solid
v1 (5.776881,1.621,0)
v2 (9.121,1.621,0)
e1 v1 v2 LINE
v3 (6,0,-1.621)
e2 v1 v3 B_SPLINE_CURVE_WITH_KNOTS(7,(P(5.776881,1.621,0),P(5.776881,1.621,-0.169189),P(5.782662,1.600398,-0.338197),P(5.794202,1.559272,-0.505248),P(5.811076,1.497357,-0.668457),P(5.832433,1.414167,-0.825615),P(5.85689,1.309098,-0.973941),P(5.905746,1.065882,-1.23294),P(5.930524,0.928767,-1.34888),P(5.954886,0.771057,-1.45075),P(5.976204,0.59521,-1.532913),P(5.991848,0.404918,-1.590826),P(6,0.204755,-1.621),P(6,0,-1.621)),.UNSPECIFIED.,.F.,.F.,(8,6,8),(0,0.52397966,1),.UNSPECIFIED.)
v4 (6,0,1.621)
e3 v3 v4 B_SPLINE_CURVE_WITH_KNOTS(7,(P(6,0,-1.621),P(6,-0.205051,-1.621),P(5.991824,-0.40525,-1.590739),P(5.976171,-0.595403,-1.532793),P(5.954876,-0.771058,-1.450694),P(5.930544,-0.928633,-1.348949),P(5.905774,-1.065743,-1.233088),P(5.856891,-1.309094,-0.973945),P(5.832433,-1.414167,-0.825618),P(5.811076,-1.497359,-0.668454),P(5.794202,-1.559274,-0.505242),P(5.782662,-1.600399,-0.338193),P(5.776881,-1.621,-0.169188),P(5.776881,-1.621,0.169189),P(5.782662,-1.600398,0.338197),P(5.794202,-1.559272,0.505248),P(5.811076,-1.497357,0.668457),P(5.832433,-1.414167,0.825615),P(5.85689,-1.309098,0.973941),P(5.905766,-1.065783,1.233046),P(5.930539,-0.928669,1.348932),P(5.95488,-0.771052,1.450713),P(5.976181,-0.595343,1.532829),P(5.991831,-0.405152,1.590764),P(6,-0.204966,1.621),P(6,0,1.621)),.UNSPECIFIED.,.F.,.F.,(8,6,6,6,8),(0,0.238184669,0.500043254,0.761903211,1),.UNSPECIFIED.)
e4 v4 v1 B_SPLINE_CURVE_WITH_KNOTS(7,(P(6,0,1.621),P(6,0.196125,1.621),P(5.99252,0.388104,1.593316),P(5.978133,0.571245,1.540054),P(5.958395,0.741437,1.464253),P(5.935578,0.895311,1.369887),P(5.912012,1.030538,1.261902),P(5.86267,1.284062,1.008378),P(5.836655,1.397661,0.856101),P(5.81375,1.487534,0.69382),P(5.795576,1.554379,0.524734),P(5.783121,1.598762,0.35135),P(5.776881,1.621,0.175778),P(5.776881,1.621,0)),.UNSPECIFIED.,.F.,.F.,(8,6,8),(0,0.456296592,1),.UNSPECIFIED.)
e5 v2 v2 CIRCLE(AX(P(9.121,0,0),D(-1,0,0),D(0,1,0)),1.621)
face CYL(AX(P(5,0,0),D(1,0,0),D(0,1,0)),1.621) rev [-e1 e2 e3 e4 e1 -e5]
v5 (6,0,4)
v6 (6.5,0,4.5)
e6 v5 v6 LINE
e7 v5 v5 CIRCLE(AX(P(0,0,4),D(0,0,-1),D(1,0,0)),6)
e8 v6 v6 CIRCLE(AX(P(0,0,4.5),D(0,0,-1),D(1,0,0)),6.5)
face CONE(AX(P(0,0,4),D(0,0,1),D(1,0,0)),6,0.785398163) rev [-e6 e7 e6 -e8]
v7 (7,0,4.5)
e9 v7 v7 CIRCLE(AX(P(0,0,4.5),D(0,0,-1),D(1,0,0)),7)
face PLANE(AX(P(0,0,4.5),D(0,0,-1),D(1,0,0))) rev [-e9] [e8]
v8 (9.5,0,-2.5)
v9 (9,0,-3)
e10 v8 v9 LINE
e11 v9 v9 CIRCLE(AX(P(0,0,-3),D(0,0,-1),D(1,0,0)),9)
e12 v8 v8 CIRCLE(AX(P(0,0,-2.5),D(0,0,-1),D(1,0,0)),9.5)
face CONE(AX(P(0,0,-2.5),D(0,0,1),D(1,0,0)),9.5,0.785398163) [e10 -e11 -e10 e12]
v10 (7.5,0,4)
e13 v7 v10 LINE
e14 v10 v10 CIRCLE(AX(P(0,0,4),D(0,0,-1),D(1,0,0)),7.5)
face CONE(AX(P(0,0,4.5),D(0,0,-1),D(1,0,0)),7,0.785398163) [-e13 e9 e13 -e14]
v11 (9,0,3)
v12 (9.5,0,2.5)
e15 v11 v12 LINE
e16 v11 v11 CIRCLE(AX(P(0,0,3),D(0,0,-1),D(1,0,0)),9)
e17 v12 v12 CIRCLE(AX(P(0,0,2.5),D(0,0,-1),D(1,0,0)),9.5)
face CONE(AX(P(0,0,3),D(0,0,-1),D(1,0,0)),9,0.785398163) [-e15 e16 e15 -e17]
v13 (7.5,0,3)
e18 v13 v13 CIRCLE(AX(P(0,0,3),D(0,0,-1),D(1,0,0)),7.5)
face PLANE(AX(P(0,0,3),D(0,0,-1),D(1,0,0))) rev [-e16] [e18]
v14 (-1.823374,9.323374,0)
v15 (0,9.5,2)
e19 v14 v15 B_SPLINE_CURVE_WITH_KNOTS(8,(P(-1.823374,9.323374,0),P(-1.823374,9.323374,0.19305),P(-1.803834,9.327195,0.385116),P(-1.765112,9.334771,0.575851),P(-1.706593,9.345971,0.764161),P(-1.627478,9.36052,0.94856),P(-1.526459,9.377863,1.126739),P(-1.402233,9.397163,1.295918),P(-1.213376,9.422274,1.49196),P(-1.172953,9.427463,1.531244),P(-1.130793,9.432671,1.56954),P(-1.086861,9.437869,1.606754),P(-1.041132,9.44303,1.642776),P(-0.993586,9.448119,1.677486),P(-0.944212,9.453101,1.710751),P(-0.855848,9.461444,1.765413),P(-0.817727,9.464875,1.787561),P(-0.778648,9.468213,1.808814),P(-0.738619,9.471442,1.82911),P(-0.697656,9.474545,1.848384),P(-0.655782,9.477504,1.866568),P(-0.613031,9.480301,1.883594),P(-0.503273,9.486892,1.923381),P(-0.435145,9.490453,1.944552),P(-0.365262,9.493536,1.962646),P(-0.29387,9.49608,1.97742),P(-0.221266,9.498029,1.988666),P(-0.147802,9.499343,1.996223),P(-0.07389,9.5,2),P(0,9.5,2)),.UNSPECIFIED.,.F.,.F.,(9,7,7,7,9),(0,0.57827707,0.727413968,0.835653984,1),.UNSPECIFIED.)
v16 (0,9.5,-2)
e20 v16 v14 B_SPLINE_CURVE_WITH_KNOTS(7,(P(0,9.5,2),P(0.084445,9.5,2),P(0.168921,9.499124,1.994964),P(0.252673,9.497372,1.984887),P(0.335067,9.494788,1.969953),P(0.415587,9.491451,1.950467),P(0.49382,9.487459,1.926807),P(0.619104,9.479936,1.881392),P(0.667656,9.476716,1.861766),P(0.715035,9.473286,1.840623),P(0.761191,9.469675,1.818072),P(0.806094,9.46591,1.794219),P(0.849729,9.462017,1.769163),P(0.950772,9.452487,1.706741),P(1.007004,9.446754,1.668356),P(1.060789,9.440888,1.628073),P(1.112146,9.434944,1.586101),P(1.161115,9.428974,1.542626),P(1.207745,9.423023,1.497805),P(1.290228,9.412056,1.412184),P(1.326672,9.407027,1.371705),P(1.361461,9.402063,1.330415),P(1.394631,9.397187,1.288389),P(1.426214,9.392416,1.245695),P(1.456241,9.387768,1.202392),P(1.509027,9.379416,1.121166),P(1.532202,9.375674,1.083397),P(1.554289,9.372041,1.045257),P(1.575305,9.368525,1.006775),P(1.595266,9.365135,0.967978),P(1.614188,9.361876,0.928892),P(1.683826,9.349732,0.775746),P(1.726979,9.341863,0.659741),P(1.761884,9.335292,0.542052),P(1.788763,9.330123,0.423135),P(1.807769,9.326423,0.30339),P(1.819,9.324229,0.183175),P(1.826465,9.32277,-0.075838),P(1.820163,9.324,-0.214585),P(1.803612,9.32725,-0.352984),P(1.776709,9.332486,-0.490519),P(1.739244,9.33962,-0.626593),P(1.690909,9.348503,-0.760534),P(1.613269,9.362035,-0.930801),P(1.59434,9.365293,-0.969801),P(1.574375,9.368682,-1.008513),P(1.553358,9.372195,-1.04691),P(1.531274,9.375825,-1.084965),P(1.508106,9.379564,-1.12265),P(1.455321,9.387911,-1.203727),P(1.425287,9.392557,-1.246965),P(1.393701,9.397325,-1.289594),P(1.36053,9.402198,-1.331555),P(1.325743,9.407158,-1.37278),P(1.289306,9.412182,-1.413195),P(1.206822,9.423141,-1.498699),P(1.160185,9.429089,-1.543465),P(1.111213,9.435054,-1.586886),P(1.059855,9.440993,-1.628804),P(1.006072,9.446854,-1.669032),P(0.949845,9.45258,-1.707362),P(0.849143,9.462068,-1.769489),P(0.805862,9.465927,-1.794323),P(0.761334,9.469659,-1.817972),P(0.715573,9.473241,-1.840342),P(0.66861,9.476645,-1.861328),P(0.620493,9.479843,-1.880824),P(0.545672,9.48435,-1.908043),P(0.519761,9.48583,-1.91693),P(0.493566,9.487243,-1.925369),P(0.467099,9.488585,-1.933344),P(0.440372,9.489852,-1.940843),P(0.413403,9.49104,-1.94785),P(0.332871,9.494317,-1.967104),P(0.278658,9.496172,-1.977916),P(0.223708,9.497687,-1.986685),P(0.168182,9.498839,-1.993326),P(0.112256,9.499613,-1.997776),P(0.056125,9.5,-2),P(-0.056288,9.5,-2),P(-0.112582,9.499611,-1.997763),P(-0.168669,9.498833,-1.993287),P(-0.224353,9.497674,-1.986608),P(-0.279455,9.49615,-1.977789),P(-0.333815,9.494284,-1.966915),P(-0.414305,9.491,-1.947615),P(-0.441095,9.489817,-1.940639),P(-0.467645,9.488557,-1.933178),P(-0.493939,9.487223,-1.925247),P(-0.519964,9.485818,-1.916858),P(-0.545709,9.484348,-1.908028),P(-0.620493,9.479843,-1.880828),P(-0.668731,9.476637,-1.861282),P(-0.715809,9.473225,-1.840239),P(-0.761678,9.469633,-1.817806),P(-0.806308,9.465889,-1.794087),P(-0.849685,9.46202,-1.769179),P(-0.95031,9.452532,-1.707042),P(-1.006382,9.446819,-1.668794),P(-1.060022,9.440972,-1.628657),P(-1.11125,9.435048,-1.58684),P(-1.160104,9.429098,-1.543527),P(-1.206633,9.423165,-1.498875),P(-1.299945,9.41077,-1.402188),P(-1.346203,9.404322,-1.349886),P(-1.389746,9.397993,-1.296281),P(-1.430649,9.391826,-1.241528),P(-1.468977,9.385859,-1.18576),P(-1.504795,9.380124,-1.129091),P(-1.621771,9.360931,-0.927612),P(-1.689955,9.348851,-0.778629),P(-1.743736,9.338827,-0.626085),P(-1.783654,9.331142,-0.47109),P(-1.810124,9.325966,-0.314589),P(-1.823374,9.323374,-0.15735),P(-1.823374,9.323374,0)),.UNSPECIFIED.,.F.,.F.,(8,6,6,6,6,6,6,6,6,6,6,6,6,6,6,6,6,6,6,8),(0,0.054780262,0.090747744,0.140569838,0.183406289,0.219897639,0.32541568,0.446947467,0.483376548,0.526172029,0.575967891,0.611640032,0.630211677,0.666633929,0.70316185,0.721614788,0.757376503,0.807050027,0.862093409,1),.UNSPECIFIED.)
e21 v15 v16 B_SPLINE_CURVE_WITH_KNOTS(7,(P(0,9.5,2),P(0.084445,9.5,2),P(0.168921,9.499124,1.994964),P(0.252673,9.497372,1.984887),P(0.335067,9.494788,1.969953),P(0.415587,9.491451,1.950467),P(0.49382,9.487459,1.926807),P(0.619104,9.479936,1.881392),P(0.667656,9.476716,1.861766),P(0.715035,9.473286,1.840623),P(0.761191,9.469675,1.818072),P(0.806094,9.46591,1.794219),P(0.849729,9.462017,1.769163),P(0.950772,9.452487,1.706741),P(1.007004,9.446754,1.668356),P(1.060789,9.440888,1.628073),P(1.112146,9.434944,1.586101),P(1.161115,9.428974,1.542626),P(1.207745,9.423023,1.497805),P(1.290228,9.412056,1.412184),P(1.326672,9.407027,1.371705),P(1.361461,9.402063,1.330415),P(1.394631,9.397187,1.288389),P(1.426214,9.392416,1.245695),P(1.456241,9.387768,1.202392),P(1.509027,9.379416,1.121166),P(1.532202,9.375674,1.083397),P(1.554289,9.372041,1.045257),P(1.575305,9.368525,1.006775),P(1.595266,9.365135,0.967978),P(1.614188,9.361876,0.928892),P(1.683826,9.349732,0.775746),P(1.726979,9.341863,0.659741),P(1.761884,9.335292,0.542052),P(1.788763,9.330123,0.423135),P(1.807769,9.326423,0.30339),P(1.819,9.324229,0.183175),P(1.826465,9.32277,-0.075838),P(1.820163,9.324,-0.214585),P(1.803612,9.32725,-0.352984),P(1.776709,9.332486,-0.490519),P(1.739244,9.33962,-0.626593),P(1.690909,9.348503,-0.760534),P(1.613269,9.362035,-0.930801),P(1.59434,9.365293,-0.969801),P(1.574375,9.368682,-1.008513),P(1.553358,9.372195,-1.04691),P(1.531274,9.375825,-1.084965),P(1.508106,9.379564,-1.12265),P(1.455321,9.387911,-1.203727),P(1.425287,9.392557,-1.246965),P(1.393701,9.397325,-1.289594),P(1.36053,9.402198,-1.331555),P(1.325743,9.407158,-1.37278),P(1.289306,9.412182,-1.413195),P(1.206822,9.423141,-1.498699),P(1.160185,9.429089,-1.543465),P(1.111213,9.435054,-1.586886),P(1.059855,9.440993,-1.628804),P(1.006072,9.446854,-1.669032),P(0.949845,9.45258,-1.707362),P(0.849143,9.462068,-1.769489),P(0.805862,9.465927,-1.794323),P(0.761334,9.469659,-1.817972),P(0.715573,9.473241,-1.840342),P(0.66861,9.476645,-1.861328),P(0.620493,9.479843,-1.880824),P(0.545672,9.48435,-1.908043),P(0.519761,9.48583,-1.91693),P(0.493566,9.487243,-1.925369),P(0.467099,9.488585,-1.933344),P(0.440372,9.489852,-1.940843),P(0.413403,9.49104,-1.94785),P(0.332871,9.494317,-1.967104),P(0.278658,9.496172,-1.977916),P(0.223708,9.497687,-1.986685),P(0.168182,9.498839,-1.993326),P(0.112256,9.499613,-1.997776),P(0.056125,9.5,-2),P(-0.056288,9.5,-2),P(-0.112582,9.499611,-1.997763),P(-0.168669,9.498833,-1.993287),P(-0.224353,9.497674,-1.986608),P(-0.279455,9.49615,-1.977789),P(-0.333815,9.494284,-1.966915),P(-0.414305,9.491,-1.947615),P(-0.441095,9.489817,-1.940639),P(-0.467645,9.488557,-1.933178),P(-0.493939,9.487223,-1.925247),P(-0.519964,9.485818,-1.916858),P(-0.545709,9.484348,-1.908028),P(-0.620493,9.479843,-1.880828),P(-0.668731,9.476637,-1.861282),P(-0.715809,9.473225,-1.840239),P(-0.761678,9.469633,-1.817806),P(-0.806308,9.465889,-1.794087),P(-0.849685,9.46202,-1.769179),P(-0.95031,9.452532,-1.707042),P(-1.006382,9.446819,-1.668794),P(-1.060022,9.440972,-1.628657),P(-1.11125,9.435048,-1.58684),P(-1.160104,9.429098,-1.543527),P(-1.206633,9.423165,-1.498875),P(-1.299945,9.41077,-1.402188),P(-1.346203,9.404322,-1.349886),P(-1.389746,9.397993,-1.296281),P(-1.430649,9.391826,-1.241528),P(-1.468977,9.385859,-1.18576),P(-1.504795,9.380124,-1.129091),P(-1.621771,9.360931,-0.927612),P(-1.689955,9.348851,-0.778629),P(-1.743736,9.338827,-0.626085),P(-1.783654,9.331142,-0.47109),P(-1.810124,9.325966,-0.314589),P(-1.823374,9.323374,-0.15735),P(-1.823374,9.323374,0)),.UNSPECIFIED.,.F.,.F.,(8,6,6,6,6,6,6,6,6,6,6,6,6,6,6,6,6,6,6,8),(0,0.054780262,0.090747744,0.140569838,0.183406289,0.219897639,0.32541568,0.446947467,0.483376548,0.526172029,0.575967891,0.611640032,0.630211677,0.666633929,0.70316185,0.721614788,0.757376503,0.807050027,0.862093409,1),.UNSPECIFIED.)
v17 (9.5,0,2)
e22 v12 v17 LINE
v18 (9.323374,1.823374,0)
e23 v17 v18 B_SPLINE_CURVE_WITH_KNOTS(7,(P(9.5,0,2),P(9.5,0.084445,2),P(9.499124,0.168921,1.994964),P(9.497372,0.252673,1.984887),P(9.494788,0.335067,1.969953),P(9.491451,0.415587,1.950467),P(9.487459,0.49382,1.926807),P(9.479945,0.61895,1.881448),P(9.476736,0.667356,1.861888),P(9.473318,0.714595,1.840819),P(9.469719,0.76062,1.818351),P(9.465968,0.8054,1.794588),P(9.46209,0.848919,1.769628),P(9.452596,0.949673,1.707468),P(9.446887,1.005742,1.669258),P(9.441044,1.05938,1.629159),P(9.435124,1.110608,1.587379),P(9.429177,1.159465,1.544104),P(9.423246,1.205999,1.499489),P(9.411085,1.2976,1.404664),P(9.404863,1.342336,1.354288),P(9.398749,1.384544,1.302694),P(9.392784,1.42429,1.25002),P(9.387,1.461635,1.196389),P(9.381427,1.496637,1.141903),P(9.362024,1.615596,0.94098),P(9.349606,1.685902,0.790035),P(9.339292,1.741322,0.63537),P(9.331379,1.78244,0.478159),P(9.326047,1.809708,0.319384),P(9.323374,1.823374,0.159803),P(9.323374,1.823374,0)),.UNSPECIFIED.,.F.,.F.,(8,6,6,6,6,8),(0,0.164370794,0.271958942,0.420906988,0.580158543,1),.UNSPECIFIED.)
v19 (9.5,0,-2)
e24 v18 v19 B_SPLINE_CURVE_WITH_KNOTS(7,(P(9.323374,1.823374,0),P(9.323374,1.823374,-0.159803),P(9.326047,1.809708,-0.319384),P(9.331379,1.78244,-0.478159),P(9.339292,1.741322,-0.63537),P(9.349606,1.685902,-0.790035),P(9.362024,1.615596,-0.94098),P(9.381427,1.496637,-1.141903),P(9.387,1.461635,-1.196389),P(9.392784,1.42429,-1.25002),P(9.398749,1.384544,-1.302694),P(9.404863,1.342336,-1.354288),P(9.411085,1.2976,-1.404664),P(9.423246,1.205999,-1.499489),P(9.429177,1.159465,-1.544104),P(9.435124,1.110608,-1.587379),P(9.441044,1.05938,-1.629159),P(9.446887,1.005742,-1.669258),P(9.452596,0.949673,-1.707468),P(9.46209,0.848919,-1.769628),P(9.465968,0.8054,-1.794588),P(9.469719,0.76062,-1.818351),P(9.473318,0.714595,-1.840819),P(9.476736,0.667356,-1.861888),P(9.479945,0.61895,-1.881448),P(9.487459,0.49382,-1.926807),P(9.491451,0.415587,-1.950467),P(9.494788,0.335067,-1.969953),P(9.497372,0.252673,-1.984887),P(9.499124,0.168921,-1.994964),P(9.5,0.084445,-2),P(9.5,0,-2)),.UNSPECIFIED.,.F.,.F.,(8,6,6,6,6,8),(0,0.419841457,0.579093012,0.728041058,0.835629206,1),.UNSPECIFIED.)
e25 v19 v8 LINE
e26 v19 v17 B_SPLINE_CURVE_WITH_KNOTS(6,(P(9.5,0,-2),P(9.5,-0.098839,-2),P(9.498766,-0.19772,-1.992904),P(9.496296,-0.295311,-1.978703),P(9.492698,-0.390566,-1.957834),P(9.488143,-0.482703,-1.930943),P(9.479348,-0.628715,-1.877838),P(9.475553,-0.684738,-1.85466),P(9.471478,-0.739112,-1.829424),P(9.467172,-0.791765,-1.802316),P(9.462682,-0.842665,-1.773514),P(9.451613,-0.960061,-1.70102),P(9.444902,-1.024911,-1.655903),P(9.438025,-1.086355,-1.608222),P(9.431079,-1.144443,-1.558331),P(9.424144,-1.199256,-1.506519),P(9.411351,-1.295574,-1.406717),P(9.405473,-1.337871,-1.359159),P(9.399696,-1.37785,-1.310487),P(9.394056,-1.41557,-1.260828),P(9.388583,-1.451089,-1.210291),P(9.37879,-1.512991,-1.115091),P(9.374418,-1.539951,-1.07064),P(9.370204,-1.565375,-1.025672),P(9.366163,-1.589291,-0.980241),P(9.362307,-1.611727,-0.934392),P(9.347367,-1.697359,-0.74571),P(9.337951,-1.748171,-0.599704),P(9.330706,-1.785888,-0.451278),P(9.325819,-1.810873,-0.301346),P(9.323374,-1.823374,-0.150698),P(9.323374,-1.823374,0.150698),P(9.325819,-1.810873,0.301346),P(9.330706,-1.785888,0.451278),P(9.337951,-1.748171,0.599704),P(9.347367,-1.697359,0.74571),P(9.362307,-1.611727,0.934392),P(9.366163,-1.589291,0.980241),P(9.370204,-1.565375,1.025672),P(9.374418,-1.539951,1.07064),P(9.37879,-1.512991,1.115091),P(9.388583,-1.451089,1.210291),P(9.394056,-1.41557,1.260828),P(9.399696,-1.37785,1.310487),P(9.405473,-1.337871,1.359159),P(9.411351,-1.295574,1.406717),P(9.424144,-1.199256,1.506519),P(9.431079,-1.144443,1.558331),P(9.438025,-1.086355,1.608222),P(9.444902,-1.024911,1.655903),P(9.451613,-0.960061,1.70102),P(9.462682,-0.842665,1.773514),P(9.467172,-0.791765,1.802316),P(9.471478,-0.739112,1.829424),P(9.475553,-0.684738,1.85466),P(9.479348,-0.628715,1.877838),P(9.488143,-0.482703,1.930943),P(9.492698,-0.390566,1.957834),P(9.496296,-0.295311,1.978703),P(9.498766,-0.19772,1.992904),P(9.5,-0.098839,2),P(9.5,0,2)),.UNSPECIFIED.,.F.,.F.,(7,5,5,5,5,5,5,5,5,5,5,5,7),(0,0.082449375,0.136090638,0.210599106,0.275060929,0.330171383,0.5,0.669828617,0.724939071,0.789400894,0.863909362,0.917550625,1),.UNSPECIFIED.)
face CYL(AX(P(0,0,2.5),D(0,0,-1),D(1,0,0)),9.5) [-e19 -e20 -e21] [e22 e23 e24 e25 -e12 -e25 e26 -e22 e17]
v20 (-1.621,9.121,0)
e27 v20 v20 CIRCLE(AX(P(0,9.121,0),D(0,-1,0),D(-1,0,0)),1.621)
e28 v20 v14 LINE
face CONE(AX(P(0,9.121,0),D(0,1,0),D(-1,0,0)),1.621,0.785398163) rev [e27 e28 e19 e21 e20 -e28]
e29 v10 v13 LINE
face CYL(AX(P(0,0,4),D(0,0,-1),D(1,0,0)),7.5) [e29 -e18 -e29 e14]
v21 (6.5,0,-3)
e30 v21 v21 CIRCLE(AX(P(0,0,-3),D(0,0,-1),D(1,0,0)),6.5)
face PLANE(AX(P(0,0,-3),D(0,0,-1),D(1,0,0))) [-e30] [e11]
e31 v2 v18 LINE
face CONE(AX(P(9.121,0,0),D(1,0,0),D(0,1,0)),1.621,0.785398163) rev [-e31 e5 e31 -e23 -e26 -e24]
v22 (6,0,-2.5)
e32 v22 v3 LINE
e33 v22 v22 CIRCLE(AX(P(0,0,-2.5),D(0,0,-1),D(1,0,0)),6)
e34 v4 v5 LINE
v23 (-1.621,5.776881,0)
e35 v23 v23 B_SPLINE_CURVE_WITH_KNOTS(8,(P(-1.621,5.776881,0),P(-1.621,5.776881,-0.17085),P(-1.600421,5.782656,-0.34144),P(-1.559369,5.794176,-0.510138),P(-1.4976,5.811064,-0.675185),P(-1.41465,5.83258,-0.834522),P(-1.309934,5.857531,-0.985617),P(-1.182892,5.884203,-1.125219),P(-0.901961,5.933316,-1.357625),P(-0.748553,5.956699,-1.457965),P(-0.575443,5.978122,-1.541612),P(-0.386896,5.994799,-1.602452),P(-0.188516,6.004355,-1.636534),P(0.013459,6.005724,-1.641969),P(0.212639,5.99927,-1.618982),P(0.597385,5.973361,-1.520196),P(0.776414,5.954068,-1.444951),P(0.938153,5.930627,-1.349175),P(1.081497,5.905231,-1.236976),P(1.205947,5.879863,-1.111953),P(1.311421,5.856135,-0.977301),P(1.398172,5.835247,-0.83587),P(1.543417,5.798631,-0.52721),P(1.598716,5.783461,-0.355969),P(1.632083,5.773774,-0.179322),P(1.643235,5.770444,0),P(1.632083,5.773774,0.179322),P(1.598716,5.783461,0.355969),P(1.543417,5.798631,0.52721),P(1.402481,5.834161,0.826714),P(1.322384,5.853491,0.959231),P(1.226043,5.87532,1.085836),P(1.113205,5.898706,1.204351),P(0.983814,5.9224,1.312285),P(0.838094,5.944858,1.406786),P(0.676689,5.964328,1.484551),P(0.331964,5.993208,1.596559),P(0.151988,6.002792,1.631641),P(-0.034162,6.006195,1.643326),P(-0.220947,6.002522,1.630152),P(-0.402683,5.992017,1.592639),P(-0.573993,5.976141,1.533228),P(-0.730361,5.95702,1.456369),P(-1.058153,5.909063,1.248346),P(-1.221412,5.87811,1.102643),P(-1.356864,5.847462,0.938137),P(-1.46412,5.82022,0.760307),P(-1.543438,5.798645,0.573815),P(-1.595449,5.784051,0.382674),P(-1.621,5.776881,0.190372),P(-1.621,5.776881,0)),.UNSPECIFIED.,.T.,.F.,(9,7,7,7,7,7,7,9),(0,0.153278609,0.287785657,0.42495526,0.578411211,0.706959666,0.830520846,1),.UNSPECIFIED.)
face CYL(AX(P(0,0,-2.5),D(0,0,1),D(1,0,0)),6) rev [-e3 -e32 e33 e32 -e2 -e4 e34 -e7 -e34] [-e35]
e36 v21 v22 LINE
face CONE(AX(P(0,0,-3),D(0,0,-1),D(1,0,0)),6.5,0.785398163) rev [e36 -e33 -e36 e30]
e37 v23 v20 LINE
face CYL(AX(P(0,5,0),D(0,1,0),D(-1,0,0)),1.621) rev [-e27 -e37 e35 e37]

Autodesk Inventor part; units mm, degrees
sketch "Sketch_1" plane through (0, 0, 0) normal (0, 1, 0) x (-1, 0, 0)
  line L0 (0, 4.5) -> (0, -3)
  line L1 (-6, 4) -> (-6.5, 4.5)
  line L2 (-6.5, 4.5) -> (-7, 4.5)
  line L3 (-7, 4.5) -> (-7.5, 4)
  line L4 (-7.5, 4) -> (-7.5, 3)
  line L5 (-7.5, 3) -> (-9, 3)
  line L6 (-9, 3) -> (-9.5, 2.5)
  line L7 (-9.5, 2.5) -> (-9.5, -2.5)
  line L8 (-9.5, -2.5) -> (-9, -3)
  line L9 (-9, -3) -> (-6.5, -3)
  line L10 (-6.5, -3) -> (-6, -2.5)
  line L11 (-6, -2.5) -> (-6, 4)
revolve "Revolution1" add sketch "Sketch_1" angle 360 about axis through (0, 0, 4.5) along (0, 0, -1)
sketch "Sketch_8" plane through (0, 0, 0) normal (0, 0, 1) x (1, 0, 0)
  line L0 (9.5, 0) -> (5, 0)
  line L1 (5, 0) -> (5, 1.621)
  line L2 (5, 1.621) -> (9.121, 1.621)
  line L3 (9.121, 1.621) -> (9.5, 2)
  line L4 (9.5, 2) -> (9.5, 0)
  line L5 (9.5, 0) -> (5, 0)
revolve "Revolution2" cut sketch "Sketch_8" angle 360 about axis through (9.5, 0, 0) along (-1, 0, 0)
thread "Thread1" size "M4x0.7" class "6H" standard "ISO Metric profile" full length
sketch "Sketch_2" plane through (0, 0, 0) normal (0, 0, 1) x (1, 0, 0)
  line L0 (0, 9.5) -> (0, 5)
  line L1 (0, 5) -> (-1.621, 5)
  line L2 (-1.621, 5) -> (-1.621, 9.121)
  line L3 (-1.621, 9.121) -> (-2, 9.5)
  line L4 (-2, 9.5) -> (0, 9.5)
  line L5 (0, 9.5) -> (0, 5)
revolve "Revolution3" cut sketch "Sketch_2" angle 360 about axis through (0, 9.5, 0) along (0, -1, 0)
thread "Thread2" size "M4x0.7" class "6H" standard "ISO Metric profile" full length
ref_plane "body_set_h_XY" through (0, 9.5, 0) normal (0, 1, 0) x (1, 0, 0)
ref_plane "body_set_h_YZ" through (0, 9.5, 0) normal (1, 0, 0) x (0, 0, -1)
ref_plane "body_set_h_ZX" through (0, 9.5, 0) normal (0, 0, -1) x (0, 1, 0)
ref_plane "body_set_v_XY" through (9.5, 0, 0) normal (1, 0, 0) x (0, 0, -1)
ref_plane "body_set_v_YZ" through (9.5, 0, 0) normal (0, 0, -1) x (0, 1, 0)
ref_plane "body_set_v_ZX" through (9.5, 0, 0) normal (0, 1, 0) x (1, 0, 0)
properties part number "SCBRJ12-15_b"
